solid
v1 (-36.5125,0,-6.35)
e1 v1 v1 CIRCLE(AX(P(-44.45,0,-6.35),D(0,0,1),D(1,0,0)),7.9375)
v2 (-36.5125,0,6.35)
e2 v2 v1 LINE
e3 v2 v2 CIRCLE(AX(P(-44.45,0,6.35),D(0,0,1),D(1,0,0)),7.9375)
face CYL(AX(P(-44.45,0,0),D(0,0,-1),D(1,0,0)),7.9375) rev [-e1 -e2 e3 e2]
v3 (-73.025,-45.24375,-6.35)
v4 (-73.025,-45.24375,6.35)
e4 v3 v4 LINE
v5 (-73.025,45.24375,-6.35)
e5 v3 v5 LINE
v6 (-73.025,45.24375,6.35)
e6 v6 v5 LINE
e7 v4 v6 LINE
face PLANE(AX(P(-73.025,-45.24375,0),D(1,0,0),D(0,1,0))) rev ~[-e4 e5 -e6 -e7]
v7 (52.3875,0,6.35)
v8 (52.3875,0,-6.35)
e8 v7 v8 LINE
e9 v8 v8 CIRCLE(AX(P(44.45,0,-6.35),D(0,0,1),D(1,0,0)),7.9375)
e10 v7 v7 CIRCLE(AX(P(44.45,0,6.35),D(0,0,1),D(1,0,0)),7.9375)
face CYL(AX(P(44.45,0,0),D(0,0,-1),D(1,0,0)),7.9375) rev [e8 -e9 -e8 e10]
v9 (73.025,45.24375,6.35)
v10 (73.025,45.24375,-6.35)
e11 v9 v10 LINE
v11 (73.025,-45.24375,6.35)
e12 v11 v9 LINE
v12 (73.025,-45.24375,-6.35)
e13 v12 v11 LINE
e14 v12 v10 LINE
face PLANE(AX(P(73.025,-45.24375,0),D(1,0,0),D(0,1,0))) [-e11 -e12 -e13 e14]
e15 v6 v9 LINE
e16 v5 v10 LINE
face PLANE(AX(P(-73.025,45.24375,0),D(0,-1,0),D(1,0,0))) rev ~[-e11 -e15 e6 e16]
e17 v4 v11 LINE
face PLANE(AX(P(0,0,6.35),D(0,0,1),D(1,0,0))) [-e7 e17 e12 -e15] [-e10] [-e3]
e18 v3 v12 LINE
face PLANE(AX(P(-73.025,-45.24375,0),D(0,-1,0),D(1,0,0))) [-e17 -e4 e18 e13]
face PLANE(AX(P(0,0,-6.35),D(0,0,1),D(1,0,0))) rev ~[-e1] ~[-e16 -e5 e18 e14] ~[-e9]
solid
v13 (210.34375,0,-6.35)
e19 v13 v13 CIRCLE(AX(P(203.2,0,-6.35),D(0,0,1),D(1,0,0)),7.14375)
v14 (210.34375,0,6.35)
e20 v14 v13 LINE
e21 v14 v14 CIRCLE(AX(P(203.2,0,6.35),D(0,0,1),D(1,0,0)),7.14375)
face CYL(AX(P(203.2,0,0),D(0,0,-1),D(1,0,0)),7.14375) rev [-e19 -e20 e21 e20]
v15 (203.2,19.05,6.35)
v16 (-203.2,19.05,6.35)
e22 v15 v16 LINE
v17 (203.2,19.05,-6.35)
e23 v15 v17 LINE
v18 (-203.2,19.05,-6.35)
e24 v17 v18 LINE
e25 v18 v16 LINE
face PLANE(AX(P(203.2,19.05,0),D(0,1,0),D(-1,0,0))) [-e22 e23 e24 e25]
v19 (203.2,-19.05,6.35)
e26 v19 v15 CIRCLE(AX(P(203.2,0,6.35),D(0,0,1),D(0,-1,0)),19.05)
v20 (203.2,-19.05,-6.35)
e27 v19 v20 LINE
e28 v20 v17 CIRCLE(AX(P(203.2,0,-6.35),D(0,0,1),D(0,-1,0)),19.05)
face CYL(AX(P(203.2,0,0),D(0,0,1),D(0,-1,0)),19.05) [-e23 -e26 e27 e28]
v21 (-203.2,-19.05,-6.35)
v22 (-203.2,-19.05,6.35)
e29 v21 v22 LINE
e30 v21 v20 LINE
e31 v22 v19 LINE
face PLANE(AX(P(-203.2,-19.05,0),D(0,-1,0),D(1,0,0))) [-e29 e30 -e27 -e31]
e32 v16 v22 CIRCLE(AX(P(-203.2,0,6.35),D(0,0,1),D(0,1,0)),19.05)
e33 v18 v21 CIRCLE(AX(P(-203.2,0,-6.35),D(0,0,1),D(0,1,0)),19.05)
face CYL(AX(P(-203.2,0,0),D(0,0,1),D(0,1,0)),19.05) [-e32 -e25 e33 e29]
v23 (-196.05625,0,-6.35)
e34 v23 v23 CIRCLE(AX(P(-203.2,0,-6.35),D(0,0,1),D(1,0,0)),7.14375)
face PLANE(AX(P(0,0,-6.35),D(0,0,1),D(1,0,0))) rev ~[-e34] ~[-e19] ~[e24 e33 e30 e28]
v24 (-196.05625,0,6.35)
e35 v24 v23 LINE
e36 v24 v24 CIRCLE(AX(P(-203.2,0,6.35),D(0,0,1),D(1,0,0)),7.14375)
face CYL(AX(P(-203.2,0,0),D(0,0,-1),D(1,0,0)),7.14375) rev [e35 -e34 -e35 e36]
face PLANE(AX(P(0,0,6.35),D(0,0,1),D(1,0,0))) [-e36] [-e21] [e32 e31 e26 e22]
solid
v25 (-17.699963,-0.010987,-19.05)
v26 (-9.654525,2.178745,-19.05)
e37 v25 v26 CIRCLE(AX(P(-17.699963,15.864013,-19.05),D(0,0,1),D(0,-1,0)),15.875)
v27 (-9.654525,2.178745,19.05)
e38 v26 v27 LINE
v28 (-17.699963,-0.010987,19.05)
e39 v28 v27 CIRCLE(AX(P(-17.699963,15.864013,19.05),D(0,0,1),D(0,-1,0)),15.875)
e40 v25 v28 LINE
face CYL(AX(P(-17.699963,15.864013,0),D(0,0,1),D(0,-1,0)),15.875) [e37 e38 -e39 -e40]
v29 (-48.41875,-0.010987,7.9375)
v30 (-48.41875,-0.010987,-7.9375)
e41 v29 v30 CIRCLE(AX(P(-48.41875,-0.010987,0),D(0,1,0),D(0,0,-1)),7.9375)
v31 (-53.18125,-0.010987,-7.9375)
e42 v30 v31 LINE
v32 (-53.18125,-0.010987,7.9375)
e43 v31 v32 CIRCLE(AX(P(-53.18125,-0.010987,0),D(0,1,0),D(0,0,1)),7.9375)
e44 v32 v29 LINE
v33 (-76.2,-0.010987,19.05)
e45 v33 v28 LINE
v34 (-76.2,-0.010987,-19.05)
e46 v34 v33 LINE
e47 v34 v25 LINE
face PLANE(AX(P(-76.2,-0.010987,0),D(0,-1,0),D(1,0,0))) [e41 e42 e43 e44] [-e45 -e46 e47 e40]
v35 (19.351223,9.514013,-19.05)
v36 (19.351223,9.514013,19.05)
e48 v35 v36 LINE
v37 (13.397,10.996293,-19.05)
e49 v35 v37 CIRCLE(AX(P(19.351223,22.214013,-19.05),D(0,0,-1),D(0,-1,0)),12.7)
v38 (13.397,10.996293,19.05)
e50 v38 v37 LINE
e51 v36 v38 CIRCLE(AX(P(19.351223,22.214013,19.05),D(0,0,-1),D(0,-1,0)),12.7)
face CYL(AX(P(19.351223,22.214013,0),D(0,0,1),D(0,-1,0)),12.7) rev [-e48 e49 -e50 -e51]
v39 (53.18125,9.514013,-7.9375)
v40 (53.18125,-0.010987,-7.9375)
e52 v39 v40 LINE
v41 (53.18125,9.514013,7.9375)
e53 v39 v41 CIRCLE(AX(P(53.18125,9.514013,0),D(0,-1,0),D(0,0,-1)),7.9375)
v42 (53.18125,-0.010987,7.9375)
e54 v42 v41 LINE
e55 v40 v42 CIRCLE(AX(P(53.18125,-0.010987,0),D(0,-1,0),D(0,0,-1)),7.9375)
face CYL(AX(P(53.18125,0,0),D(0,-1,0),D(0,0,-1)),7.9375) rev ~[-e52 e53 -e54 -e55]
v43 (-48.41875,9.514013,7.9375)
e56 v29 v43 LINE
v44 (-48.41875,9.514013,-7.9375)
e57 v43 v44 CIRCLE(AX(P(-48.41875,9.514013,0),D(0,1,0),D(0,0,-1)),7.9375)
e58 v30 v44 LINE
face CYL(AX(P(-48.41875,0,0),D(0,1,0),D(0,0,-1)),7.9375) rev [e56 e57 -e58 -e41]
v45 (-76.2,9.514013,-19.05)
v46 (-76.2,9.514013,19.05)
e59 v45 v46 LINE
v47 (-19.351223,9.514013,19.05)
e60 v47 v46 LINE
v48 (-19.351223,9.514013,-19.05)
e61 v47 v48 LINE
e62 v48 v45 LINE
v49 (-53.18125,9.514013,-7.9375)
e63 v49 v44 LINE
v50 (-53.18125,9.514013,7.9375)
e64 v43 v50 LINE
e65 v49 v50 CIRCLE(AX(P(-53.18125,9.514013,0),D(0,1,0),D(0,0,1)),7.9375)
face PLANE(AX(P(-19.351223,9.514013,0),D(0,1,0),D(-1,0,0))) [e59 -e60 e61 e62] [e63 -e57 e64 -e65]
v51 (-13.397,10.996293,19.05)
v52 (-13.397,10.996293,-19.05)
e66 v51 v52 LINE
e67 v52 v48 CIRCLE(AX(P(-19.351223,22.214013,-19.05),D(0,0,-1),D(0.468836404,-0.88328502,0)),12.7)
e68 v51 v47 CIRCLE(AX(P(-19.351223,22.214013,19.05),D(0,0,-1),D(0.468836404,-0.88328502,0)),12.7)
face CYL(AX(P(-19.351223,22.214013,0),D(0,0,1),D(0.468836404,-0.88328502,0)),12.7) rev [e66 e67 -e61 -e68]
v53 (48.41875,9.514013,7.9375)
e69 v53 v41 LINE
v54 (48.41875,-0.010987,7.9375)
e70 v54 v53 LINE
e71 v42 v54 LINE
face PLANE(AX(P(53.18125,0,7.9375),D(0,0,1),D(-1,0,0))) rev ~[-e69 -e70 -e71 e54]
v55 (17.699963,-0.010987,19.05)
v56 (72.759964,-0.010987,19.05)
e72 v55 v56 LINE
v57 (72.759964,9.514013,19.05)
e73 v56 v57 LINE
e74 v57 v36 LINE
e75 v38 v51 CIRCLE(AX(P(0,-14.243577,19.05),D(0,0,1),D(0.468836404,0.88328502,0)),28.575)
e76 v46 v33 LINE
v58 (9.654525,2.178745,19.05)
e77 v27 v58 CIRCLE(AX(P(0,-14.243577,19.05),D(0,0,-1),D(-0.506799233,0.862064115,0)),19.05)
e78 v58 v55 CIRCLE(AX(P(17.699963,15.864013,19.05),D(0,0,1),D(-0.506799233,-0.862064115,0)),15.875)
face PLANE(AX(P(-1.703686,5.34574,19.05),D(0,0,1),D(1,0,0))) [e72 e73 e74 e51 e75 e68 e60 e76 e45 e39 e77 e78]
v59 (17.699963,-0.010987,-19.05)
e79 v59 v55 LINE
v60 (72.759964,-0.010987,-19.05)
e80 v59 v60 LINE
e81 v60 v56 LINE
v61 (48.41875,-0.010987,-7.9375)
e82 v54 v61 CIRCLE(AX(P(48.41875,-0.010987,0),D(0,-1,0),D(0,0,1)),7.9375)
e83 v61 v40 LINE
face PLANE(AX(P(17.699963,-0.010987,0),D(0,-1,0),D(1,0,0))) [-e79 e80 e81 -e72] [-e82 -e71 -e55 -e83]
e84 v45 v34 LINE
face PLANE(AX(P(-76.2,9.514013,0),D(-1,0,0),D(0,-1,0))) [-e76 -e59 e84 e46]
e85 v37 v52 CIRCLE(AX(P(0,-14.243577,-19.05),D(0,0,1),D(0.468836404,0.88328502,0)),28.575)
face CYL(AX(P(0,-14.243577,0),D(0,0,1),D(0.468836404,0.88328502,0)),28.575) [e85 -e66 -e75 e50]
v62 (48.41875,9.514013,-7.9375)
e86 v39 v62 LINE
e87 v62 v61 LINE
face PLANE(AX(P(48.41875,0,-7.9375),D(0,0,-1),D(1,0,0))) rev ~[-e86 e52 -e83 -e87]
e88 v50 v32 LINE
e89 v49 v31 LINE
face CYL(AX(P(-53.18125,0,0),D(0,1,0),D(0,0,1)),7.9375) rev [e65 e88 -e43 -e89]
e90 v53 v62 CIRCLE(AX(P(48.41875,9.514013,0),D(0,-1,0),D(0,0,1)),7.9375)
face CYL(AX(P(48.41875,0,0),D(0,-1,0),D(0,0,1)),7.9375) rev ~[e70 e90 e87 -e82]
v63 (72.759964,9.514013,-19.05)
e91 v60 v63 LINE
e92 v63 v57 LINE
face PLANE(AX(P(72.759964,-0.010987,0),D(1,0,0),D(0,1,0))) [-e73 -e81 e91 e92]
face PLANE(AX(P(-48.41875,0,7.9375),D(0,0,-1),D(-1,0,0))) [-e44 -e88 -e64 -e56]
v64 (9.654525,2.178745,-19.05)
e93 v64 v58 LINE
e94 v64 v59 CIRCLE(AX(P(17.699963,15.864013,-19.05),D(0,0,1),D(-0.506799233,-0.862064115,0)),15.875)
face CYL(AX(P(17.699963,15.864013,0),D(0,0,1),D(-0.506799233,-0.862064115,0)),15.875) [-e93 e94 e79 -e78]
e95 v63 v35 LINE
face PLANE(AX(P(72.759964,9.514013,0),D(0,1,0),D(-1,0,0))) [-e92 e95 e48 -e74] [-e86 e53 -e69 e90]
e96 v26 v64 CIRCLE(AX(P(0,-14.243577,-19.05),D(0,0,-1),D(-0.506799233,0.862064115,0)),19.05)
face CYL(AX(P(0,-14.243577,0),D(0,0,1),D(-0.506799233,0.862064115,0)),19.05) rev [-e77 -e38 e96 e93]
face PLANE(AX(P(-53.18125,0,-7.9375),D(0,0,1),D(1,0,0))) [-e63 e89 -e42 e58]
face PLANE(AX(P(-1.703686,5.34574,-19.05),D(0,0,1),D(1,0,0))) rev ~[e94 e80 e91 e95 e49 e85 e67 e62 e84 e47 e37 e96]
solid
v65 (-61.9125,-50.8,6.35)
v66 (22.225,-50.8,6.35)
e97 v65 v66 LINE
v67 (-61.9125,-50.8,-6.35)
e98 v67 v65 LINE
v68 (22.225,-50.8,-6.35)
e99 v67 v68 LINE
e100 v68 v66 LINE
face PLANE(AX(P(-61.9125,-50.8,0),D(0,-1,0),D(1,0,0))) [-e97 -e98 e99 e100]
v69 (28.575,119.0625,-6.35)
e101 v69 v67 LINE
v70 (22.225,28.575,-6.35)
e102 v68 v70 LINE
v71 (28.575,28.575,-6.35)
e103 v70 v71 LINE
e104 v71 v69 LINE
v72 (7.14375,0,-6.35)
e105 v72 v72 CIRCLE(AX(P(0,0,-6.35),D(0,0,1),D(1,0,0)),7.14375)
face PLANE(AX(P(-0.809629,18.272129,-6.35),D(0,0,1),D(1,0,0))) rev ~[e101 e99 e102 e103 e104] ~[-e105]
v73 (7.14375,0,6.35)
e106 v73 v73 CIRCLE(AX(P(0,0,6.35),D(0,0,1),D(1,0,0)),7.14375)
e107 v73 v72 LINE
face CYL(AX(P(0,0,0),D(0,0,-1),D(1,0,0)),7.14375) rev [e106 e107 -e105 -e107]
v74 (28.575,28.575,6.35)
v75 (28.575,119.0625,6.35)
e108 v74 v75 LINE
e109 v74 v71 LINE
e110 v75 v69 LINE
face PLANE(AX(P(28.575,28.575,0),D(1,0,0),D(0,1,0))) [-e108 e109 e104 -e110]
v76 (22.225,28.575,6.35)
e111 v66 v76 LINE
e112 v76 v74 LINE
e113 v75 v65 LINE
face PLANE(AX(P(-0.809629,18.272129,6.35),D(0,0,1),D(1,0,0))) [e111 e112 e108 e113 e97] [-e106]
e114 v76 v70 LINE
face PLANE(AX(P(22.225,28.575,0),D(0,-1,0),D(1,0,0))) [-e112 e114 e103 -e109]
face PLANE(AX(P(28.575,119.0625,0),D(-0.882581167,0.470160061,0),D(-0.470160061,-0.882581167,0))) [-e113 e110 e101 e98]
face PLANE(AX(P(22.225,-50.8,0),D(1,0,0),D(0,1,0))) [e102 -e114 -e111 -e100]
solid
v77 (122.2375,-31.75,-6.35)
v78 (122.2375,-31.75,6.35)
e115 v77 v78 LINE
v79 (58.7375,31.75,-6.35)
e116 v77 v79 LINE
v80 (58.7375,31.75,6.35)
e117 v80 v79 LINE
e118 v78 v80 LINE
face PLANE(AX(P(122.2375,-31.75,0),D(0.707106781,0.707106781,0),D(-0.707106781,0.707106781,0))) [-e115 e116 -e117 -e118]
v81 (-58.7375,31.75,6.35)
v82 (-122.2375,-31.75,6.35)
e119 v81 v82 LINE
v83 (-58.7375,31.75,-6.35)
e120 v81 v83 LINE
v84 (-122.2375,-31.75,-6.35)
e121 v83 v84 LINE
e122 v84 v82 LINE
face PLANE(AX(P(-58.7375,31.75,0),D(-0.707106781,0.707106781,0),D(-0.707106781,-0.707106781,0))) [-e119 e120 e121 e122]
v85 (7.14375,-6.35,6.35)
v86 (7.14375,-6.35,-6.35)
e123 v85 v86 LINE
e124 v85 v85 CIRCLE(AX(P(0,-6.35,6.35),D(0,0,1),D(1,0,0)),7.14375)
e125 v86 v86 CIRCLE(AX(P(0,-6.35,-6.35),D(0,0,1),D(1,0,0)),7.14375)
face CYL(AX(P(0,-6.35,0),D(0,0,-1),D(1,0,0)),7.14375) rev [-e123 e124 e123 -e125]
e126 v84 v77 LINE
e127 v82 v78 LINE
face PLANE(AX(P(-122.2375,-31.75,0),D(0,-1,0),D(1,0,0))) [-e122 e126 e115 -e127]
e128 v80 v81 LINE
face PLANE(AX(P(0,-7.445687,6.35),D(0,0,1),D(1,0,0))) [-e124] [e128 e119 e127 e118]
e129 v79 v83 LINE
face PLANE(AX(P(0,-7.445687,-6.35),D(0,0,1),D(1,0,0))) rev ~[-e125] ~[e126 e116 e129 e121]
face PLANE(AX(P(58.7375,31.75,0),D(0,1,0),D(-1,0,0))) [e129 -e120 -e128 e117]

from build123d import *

# Parameters (mm, degrees)
F0_W      = 146.05
F0_H      = 90.4875
F0_R      = 7.9375
F1_DEPTH  = 6.35
F2_R      = 7.14375
F3_DEPTH  = 6.35
F4_R      = 7.14375
F5_DEPTH  = 6.35
F6_R      = 7.14375
F7_DEPTH  = 6.35
F9_DEPTH  = 19.05
F11_DEPTH = 12.7


with BuildPart() as f1:
    # F0 (on Top) → F1 (new body, symmetric)
    with BuildSketch(Plane.XY):
        Rectangle(F0_W, F0_H)
        with Locations((-44.45, 0)):
            Circle(F0_R, mode=Mode.SUBTRACT)
        with Locations((44.45, 0)):
            Circle(F0_R, mode=Mode.SUBTRACT)
    extrude(amount=F1_DEPTH, both=True)


with BuildPart() as f3:
    # F2 (on Top) → F3 (new body, symmetric)
    with BuildSketch(Plane.XY):
        Polygon((-58.7375, 31.75), (-122.2375, -31.75), (122.2375, -31.75), (58.7375, 31.75), align=None)
        with Locations((0, -6.35)):
            Circle(F2_R, mode=Mode.SUBTRACT)
    extrude(amount=F3_DEPTH, both=True)


with BuildPart() as f5:
    # F4 (on Top) → F5 (new body, symmetric)
    with BuildSketch(Plane.XY):
        Polygon((28.575, 119.0625), (-61.9125, -50.8), (22.225, -50.8), (22.225, 28.575), (28.575, 28.575), align=None)
        Circle(F4_R, mode=Mode.SUBTRACT)
    extrude(amount=F5_DEPTH, both=True)


with BuildPart() as f7:
    # F6 (on Top) → F7 (new body, symmetric)
    with BuildSketch(Plane.XY):
        with BuildLine():
            Line((203.2, 19.05), (-203.2, 19.05))
            ThreePointArc((-203.2, 19.05), (-222.25, 0), (-203.2, -19.05))
            Line((-203.2, -19.05), (203.2, -19.05))
            ThreePointArc((203.2, -19.05), (222.25, 0), (203.2, 19.05))
        make_face()
        with Locations((-203.2, 0)):
            Circle(F6_R, mode=Mode.SUBTRACT)
        with Locations((203.2, 0)):
            Circle(F6_R, mode=Mode.SUBTRACT)
    extrude(amount=F7_DEPTH, both=True)


with BuildPart() as f9:
    # F8 (on Top) → F9 (new body, symmetric)
    with BuildSketch(Plane.XY):
        with BuildLine():
            Line((-19.3512225584, 9.5140125274), (-76.2, 9.5140125274))
            Line((-76.2, 9.5140125274), (-76.2, -0.0109874726))
            Line((-76.2, -0.0109874726), (-17.6999632028, -0.0109874726))
            ThreePointArc((-17.6999632028, -0.0109874726), (-13.5309106507, 0.5462246382), (-9.6545253834, 2.1787447078))
            ThreePointArc((-9.6545253834, 2.1787447078), (0, 4.8064233243), (9.6545253834, 2.1787447078))
            ThreePointArc((9.6545253834, 2.1787447078), (13.5309106507, 0.5462246382), (17.6999632028, -0.0109874726))
            Line((17.6999632028, -0.0109874726), (72.7599636711, -0.0109874726))
            Line((72.7599636711, -0.0109874726), (72.7599636711, 9.5140125274))
            Line((72.7599636711, 9.5140125274), (19.3512225584, 9.5140125274))
            ThreePointArc((19.3512225584, 9.5140125274), (16.2832460987, 9.8901527244), (13.3970002327, 10.9962927726))
            ThreePointArc((13.3970002327, 10.9962927726), (0, 14.3314233243), (-13.3970002327, 10.9962927726))
            ThreePointArc((-13.3970002327, 10.9962927726), (-16.2832460987, 9.8901527244), (-19.3512225584, 9.5140125274))
        make_face()
    extrude(amount=F9_DEPTH, both=True)

    # F10 (on Front) → F11 (cut, symmetric)
    with BuildSketch(Plane.XZ):
        with BuildLine():
            Line((-48.41875, 7.9375), (-53.18125, 7.9375))
            ThreePointArc((-53.18125, 7.9375), (-61.11875, 0), (-53.18125, -7.9375))
            Line((-53.18125, -7.9375), (-48.41875, -7.9375))
            ThreePointArc((-48.41875, -7.9375), (-40.48125, 0), (-48.41875, 7.9375))
        make_face()
        with BuildLine():
            ThreePointArc((48.41875, 7.9375), (40.48125, 0), (48.41875, -7.9375))
            Line((48.41875, -7.9375), (53.18125, -7.9375))
            ThreePointArc((53.18125, -7.9375), (61.11875, 0), (53.18125, 7.9375))
            Line((53.18125, 7.9375), (48.41875, 7.9375))
        make_face()
    extrude(amount=F11_DEPTH, both=True, mode=Mode.SUBTRACT)


solid = Compound([f1.part, f3.part, f5.part, f7.part, f9.part])
